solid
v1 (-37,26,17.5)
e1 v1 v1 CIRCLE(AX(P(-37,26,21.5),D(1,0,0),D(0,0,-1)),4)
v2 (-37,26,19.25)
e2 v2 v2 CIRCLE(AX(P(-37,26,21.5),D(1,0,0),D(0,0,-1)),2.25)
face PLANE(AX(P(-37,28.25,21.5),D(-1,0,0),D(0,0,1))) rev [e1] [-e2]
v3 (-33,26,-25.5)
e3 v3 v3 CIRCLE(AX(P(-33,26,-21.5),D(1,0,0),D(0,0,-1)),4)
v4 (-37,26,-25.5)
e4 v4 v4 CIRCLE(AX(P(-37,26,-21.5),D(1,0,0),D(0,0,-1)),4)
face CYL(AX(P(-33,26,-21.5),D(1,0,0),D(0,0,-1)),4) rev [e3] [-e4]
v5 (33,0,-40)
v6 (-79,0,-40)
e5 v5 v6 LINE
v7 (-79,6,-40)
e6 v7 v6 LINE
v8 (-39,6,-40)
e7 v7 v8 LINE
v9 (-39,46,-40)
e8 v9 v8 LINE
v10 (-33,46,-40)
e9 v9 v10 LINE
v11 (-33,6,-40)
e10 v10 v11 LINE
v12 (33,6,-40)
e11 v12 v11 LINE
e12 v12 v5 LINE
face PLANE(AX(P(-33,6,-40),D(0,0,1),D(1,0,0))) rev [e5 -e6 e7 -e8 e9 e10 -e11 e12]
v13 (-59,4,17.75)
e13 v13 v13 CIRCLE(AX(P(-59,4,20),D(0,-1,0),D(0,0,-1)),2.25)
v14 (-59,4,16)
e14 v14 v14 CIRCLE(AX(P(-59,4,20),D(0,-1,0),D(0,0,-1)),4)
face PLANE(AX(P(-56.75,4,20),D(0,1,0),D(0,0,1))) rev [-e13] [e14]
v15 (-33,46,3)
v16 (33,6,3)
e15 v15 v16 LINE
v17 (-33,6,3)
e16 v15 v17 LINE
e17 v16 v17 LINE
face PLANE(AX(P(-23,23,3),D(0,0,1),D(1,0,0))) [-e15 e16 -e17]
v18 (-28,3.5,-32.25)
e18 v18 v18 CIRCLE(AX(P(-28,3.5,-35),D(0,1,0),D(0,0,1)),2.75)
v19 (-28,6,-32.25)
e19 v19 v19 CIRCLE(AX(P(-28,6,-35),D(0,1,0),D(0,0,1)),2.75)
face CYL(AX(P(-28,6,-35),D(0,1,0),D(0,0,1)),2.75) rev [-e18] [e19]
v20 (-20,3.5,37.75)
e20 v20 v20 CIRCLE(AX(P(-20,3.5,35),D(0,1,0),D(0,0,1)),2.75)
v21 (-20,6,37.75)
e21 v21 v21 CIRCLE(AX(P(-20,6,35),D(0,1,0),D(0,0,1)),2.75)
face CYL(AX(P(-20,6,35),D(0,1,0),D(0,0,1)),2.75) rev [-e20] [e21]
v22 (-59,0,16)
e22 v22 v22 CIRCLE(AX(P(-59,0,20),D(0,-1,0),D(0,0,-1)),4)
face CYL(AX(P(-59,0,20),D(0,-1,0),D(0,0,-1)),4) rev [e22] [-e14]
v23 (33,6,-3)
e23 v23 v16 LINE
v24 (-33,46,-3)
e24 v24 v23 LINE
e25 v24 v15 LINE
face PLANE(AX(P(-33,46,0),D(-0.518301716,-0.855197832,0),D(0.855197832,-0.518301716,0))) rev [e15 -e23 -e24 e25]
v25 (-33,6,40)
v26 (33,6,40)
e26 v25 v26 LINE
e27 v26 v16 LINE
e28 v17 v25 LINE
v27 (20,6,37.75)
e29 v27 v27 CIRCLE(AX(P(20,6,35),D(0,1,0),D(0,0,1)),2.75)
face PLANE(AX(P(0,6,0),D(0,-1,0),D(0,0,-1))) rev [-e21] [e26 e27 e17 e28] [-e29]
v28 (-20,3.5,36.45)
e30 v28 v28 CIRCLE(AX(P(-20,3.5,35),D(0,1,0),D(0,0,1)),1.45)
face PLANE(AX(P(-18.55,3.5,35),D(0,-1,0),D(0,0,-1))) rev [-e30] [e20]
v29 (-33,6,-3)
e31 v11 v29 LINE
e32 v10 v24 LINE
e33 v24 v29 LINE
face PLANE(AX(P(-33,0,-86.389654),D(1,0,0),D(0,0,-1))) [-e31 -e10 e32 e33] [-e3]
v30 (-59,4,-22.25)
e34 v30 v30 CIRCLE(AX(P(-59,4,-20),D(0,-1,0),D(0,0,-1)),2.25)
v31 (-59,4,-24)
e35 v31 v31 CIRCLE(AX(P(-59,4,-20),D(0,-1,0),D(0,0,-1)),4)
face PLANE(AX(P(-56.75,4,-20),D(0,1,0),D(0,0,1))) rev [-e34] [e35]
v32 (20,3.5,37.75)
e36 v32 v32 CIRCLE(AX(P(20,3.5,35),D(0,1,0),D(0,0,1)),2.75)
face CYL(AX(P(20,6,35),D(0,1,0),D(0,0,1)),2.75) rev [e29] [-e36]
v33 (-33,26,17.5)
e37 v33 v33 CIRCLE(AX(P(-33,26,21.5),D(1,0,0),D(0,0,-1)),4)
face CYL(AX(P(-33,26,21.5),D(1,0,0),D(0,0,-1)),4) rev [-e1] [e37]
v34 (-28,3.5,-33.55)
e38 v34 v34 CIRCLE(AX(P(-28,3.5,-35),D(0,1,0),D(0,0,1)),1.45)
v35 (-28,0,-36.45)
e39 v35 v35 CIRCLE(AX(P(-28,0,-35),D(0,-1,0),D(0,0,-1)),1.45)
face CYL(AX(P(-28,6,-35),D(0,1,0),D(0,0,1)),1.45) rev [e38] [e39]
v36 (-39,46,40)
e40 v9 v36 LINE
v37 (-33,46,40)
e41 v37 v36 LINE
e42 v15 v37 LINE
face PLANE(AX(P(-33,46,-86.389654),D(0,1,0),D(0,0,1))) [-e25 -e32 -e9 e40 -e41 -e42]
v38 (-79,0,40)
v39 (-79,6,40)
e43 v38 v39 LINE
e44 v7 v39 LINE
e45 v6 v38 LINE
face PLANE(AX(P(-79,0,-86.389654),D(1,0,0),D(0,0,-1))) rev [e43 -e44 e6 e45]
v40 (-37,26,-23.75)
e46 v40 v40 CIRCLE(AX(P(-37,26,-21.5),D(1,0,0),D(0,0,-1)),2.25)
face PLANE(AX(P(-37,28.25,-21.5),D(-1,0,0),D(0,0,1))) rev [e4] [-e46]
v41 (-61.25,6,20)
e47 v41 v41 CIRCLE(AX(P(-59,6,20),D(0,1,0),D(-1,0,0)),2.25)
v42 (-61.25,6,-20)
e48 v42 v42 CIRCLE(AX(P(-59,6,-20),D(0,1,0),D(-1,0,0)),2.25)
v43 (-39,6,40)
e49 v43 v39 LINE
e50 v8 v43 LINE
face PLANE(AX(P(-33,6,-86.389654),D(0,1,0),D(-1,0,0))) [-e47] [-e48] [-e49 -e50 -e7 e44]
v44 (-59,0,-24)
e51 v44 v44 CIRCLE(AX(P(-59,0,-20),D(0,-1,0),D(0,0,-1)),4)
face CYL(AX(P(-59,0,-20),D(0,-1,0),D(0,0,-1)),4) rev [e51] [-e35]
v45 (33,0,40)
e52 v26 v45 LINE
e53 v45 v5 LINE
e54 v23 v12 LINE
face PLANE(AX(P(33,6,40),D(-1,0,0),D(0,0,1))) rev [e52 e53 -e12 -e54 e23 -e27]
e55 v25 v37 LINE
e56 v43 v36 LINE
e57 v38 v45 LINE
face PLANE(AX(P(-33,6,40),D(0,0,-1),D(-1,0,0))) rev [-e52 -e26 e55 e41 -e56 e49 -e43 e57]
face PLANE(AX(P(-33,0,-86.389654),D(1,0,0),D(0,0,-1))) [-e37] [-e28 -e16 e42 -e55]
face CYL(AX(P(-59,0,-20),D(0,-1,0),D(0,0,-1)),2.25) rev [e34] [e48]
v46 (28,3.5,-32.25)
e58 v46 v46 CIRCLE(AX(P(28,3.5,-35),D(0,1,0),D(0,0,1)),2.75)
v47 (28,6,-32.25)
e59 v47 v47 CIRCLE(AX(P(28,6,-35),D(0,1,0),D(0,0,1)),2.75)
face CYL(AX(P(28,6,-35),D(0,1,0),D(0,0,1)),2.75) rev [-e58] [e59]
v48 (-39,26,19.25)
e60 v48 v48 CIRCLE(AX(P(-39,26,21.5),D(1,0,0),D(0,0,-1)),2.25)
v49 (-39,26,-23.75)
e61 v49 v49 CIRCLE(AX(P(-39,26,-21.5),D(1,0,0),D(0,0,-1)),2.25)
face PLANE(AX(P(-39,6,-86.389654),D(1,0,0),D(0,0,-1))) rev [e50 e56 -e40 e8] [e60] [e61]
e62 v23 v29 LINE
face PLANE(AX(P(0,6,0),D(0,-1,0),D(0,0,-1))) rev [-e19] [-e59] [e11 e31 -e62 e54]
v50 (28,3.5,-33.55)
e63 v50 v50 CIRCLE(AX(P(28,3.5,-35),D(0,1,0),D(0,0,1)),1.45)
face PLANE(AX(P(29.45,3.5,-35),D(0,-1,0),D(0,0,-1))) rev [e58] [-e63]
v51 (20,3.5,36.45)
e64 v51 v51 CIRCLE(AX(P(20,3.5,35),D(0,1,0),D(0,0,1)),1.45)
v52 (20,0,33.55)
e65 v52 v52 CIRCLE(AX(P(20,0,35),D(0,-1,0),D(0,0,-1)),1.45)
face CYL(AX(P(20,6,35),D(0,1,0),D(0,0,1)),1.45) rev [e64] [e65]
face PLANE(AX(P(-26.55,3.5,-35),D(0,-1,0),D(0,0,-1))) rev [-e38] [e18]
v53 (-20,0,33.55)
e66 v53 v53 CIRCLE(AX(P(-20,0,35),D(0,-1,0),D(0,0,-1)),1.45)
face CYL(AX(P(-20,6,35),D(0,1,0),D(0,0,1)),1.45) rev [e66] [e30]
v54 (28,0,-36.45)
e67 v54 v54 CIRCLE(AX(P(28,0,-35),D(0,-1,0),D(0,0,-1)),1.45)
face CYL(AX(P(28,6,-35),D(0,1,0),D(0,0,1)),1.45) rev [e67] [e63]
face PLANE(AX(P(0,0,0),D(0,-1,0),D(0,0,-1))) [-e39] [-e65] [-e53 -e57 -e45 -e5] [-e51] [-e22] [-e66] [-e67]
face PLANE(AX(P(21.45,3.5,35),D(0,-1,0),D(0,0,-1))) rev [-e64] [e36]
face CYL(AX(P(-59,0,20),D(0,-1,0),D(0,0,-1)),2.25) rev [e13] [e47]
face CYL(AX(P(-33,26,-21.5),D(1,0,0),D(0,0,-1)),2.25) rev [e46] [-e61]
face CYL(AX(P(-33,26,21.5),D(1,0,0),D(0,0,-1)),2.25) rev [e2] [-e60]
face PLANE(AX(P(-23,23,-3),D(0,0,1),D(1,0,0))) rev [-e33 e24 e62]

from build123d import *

# Parameters (mm, degrees)
SKETCH1_W                                = 66
SKETCH1_H                                = 80
BOSS_EXTRUDE1_DEPTH                      = 6
CBORE_FOR_M2_5_SHCS2_D                   = 2.9
CBORE_FOR_M2_5_SHCS2_CBORE_D             = 5.5
CBORE_FOR_M2_5_SHCS2_CBORE_DEPTH         = 2.5
BOSS_EXTRUDE2_DEPTH                      = 80
RIB1_REACH                               = 101.785
SKETCH5_WALL_W                           = 278.74466228
SKETCH5_WALL_H                           = 6
CBORE_FOR_M4_SHCS1_D                     = 4.5
CBORE_FOR_M4_SHCS1_CBORE_D               = 8
CBORE_FOR_M4_SHCS1_CBORE_DEPTH           = 4
CBORE_FOR_M4_SHCS1_ON_FACE_2_D           = 4.5
CBORE_FOR_M4_SHCS1_ON_FACE_2_CBORE_D     = 8
CBORE_FOR_M4_SHCS1_ON_FACE_2_CBORE_DEPTH = 4


with BuildPart() as part:
    # Sketch1 → Boss-Extrude1 (new body)
    with BuildSketch(Plane(origin=(0, 0, 0), x_dir=(1, 0, 0), z_dir=(0, 1, 0))):
        Rectangle(SKETCH1_W, SKETCH1_H)
    extrude(amount=BOSS_EXTRUDE1_DEPTH)

    # CBORE for M2.5 SHCS2 (through all)
    with Locations(Plane(origin=(0, 6, 0), x_dir=(1, 0, 0), z_dir=(0, 1, 0))):
        with Locations((20, -35), (-28, 35), (28, 35), (-20, -35)):
            CounterBoreHole(CBORE_FOR_M2_5_SHCS2_D / 2, CBORE_FOR_M2_5_SHCS2_CBORE_D / 2, CBORE_FOR_M2_5_SHCS2_CBORE_DEPTH)

    # Sketch4 → Boss-Extrude2 (add)
    with BuildSketch(Plane.XY.offset(40)):
        Polygon((-33, 0), (-33, 46), (-39, 46), (-39, 6), (-79, 6), (-79, 0), align=None)
    extrude(amount=-BOSS_EXTRUDE2_DEPTH)

    # Sketch5 wall → Rib1 (add, up to next)
    with BuildSketch(Plane(origin=(0, 26, 0), x_dir=(0.855197831554, -0.518301716093, 0), z_dir=(0.518301716093, 0.855197831554, 0)), mode=Mode.PRIVATE) as rib1_sk1:
        Rectangle(SKETCH5_WALL_W, SKETCH5_WALL_H)
    rib1_tool1 = extrude(rib1_sk1.sketch, amount=-RIB1_REACH, mode=Mode.PRIVATE) - part.part
    add(rib1_tool1.solids().sort_by_distance((0, 26, 0))[0])

    # CBORE for M4 SHCS1 (through all)
    with Locations(Plane(origin=(-59, 0, -20), x_dir=(0, 0, -1), z_dir=(0, -1, 0))):
        with Locations((0, 0), (-40, 0)):
            CounterBoreHole(CBORE_FOR_M4_SHCS1_D / 2, CBORE_FOR_M4_SHCS1_CBORE_D / 2, CBORE_FOR_M4_SHCS1_CBORE_DEPTH)

    # CBORE for M4 SHCS1 on face 2 (through all)
    with Locations(Plane(origin=(-33, 26, -21.5), x_dir=(0, 0, 1), z_dir=(1, 0, 0))):
        with Locations((0, 0), (43, 0)):
            CounterBoreHole(CBORE_FOR_M4_SHCS1_ON_FACE_2_D / 2, CBORE_FOR_M4_SHCS1_ON_FACE_2_CBORE_D / 2, CBORE_FOR_M4_SHCS1_ON_FACE_2_CBORE_DEPTH)


solid = part.part
